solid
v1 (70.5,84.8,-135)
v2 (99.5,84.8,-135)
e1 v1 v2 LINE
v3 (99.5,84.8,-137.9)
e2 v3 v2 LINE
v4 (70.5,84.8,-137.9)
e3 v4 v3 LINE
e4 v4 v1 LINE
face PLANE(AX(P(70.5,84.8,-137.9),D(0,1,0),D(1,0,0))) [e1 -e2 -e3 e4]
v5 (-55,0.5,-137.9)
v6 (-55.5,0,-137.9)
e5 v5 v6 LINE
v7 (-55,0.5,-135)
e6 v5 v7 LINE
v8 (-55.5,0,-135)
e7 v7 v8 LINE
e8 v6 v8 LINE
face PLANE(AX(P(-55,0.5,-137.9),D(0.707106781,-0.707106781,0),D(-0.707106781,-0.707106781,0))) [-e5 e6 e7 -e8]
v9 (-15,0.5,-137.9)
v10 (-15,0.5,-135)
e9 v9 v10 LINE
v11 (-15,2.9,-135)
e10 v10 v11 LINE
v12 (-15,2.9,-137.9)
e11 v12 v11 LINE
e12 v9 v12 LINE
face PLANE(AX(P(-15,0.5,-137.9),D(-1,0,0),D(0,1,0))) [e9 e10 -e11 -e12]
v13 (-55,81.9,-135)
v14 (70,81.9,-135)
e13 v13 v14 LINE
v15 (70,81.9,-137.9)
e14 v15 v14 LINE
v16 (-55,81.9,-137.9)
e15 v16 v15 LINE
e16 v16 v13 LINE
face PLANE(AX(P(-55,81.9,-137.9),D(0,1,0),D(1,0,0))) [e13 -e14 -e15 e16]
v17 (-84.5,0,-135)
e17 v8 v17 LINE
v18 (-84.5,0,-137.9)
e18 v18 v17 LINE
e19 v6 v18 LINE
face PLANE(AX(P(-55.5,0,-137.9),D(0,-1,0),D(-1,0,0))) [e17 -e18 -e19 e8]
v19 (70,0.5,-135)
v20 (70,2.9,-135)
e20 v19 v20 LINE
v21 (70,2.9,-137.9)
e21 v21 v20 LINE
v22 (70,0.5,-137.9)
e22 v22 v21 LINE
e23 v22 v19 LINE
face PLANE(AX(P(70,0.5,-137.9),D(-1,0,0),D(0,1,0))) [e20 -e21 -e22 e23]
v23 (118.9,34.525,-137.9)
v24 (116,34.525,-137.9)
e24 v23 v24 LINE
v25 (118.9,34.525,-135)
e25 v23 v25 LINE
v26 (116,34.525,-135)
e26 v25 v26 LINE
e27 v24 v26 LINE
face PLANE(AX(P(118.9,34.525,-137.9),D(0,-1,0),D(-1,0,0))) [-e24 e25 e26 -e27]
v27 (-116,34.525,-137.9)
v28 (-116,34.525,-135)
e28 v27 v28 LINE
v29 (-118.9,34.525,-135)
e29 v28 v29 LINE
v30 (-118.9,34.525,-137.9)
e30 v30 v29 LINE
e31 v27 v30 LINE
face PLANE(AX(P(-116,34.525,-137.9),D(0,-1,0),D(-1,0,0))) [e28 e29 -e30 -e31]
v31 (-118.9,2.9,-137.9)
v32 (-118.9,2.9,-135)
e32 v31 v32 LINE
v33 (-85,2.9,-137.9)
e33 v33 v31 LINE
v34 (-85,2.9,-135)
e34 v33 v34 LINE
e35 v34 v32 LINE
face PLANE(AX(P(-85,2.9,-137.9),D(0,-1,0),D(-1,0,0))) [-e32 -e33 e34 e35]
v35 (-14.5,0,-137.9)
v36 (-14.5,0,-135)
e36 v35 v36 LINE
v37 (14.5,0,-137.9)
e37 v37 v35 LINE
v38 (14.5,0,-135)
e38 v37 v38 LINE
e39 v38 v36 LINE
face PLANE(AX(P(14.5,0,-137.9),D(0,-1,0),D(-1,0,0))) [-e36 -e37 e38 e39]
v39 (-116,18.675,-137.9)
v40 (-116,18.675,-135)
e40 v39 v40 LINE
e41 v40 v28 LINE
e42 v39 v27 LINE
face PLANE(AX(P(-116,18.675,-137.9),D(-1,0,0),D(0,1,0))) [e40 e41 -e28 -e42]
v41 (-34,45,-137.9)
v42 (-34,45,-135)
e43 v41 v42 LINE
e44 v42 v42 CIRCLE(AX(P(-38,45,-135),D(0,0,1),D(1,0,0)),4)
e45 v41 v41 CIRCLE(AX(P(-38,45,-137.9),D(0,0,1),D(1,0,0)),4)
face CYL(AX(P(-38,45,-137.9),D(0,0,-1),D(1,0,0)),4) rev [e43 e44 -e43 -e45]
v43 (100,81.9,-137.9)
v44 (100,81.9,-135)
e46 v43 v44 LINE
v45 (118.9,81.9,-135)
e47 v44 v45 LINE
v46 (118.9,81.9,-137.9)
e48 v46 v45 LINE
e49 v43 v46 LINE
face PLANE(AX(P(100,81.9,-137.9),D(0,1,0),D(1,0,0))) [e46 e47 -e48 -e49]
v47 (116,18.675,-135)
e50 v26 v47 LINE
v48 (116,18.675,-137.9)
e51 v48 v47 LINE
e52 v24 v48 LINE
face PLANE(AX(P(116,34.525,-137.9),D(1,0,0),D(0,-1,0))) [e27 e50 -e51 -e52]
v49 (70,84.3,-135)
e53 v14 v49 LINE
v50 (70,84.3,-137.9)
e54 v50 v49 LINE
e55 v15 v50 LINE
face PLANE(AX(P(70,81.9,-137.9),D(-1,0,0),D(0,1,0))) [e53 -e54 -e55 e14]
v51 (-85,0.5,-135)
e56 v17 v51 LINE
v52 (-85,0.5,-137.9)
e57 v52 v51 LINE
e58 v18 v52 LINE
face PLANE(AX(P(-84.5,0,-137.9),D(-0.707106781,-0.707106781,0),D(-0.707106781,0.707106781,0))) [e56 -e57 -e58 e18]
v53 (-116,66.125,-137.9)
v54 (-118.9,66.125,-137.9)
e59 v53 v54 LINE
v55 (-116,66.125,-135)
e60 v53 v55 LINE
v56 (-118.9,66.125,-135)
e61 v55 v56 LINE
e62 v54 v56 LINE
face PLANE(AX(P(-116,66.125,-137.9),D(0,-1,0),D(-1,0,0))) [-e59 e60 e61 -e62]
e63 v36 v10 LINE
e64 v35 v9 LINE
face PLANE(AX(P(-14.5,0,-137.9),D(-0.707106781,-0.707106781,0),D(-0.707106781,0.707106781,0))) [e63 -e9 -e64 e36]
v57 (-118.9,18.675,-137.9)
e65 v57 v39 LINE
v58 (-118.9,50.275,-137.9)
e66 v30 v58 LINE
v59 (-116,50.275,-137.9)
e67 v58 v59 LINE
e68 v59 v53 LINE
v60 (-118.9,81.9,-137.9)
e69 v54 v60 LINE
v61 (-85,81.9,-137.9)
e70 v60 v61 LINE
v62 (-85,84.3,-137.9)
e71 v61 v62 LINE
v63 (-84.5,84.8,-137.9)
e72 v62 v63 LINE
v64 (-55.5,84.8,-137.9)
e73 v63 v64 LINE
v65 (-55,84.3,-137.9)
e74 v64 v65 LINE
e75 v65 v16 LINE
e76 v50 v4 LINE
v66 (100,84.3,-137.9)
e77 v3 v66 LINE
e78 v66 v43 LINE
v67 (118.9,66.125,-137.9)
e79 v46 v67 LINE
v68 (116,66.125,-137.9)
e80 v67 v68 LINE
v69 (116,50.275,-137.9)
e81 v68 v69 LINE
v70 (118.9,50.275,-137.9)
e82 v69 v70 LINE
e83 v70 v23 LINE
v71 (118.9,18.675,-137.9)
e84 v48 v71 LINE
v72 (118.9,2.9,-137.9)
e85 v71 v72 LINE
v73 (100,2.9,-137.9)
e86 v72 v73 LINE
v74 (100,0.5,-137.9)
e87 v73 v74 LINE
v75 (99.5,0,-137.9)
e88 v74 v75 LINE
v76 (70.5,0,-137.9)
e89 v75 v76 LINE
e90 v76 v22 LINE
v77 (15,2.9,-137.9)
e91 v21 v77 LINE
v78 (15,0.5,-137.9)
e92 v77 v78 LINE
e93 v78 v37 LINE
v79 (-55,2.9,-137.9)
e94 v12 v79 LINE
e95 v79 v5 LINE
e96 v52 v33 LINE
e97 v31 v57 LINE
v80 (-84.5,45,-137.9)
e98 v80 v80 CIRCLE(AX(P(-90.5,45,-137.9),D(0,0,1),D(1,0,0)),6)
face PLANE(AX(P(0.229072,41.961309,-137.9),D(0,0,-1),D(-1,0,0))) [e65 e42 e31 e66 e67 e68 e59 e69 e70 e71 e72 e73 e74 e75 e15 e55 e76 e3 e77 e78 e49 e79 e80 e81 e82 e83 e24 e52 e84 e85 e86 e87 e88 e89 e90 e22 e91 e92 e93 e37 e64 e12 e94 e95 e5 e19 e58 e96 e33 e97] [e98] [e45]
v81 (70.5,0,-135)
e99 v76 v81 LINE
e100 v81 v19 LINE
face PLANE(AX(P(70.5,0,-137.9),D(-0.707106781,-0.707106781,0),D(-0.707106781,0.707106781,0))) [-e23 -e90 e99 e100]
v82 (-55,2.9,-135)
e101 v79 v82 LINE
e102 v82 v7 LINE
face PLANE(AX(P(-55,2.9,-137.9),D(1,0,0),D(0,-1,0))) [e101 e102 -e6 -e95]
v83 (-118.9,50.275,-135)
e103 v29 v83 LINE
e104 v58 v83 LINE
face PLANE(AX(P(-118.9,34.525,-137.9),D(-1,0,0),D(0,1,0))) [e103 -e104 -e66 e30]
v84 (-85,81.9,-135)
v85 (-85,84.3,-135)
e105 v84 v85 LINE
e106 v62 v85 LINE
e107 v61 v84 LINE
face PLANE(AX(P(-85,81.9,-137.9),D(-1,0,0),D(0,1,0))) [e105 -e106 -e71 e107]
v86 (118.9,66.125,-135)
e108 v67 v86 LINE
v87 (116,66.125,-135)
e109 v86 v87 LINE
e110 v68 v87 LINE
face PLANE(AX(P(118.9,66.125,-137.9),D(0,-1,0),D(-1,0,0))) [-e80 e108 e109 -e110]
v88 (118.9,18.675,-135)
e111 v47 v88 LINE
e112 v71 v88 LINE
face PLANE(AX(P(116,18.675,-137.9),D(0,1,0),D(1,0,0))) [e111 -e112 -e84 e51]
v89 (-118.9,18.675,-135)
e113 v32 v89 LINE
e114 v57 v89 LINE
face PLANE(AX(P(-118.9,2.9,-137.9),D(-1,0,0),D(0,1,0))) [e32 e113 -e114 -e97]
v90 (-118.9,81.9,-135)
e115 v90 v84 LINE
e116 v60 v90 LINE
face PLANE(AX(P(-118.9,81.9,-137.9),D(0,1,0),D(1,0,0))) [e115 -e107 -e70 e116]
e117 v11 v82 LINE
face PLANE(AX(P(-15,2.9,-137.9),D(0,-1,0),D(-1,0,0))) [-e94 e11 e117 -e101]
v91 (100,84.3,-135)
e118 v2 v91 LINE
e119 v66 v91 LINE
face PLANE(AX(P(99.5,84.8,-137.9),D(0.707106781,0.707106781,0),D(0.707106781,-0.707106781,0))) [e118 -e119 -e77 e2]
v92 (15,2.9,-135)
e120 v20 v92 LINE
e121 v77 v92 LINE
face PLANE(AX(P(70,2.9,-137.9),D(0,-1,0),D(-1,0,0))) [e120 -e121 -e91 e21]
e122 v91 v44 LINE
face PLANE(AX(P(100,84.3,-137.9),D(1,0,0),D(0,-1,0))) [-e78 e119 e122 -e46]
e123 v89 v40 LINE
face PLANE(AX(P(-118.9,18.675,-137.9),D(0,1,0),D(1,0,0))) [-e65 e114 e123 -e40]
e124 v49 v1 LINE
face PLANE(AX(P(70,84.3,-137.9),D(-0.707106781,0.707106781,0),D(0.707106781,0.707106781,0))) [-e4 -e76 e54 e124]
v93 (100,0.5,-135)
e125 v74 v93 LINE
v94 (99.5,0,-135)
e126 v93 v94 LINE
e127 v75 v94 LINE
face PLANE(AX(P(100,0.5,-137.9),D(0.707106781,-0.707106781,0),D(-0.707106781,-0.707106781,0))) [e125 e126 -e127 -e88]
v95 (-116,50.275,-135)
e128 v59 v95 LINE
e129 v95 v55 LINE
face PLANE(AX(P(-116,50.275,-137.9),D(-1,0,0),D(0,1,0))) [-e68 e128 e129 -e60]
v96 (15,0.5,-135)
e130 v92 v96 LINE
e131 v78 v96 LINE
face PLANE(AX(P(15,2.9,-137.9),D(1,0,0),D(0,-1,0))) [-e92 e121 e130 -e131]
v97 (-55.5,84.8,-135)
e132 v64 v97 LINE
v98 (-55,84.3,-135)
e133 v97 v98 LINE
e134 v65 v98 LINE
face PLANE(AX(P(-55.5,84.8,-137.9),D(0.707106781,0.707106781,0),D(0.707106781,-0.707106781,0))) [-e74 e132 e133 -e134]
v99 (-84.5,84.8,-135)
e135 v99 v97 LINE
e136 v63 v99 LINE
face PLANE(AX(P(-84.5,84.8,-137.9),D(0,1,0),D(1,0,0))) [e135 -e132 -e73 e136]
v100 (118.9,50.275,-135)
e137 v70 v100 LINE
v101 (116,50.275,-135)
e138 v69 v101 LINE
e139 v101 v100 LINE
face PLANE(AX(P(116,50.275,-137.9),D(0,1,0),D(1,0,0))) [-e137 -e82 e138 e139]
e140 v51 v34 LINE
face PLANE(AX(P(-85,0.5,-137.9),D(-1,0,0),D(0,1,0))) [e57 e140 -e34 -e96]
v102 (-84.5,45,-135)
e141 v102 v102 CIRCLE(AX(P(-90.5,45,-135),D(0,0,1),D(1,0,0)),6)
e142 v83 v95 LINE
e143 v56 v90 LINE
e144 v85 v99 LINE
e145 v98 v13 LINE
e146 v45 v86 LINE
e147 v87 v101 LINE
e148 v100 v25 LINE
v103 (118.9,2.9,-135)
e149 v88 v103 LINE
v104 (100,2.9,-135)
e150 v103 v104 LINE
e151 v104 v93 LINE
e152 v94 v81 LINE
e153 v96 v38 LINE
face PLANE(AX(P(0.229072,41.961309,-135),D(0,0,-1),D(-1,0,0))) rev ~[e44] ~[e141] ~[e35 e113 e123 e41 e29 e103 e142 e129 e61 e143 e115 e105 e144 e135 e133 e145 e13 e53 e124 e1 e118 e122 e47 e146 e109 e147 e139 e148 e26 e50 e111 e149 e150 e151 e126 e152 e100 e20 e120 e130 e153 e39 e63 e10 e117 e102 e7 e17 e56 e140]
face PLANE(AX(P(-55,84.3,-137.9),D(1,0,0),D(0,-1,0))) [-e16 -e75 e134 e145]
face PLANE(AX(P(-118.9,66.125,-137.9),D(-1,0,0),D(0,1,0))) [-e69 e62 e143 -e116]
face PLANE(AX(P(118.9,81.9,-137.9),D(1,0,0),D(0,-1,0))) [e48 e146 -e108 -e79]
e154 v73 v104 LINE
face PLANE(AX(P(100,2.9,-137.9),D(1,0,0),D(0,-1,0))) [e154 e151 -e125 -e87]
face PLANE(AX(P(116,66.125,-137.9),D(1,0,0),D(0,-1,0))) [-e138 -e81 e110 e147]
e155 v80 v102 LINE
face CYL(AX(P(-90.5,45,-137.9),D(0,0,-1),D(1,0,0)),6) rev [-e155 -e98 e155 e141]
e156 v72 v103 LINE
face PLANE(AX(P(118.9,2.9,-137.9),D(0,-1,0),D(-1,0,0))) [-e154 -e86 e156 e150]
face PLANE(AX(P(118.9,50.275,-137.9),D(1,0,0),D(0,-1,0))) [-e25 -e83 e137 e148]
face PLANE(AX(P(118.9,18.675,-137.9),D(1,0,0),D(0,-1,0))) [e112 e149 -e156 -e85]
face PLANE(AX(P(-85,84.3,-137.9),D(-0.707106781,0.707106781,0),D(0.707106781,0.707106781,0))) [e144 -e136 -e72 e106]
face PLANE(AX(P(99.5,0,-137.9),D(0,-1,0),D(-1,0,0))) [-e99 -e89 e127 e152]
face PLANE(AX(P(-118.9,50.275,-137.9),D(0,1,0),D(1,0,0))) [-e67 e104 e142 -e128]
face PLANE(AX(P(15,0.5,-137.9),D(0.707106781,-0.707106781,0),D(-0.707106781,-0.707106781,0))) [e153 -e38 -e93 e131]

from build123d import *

# Parameters (mm, degrees)
SKETCH1_R           = 6
SKETCH1_R_2         = 4
BOSS_EXTRUDE1_DEPTH = 2.9


with BuildPart() as part:
    # Sketch1 → Boss-Extrude1 (new body)
    with BuildSketch(Plane.XY.offset(-137.9)):
        Polygon((118.9, 2.9), (100, 2.9), (100, 0.5), (99.5, 0), (70.5, 0), (70, 0.5), (70, 2.9), (15, 2.9), (15, 0.5), (14.5, 0), (-14.5, 0), (-15, 0.5), (-15, 2.9), (-55, 2.9), (-55, 0.5), (-55.5, 0), (-84.5, 0), (-85, 0.5), (-85, 2.9), (-118.9, 2.9), (-118.9, 18.675), (-116, 18.675), (-116, 34.525), (-118.9, 34.525), (-118.9, 50.275), (-116, 50.275), (-116, 66.125), (-118.9, 66.125), (-118.9, 81.9), (-85, 81.9), (-85, 84.3), (-84.5, 84.8), (-55.5, 84.8), (-55, 84.3), (-55, 81.9), (70, 81.9), (70, 84.3), (70.5, 84.8), (99.5, 84.8), (100, 84.3), (100, 81.9), (118.9, 81.9), (118.9, 66.125), (116, 66.125), (116, 50.275), (118.9, 50.275), (118.9, 34.525), (116, 34.525), (116, 18.675), (118.9, 18.675), align=None)
        with Locations((-90.5, 45)):
            Circle(SKETCH1_R, mode=Mode.SUBTRACT)
        with Locations((-38, 45)):
            Circle(SKETCH1_R_2, mode=Mode.SUBTRACT)
    extrude(amount=BOSS_EXTRUDE1_DEPTH)


solid = part.part
